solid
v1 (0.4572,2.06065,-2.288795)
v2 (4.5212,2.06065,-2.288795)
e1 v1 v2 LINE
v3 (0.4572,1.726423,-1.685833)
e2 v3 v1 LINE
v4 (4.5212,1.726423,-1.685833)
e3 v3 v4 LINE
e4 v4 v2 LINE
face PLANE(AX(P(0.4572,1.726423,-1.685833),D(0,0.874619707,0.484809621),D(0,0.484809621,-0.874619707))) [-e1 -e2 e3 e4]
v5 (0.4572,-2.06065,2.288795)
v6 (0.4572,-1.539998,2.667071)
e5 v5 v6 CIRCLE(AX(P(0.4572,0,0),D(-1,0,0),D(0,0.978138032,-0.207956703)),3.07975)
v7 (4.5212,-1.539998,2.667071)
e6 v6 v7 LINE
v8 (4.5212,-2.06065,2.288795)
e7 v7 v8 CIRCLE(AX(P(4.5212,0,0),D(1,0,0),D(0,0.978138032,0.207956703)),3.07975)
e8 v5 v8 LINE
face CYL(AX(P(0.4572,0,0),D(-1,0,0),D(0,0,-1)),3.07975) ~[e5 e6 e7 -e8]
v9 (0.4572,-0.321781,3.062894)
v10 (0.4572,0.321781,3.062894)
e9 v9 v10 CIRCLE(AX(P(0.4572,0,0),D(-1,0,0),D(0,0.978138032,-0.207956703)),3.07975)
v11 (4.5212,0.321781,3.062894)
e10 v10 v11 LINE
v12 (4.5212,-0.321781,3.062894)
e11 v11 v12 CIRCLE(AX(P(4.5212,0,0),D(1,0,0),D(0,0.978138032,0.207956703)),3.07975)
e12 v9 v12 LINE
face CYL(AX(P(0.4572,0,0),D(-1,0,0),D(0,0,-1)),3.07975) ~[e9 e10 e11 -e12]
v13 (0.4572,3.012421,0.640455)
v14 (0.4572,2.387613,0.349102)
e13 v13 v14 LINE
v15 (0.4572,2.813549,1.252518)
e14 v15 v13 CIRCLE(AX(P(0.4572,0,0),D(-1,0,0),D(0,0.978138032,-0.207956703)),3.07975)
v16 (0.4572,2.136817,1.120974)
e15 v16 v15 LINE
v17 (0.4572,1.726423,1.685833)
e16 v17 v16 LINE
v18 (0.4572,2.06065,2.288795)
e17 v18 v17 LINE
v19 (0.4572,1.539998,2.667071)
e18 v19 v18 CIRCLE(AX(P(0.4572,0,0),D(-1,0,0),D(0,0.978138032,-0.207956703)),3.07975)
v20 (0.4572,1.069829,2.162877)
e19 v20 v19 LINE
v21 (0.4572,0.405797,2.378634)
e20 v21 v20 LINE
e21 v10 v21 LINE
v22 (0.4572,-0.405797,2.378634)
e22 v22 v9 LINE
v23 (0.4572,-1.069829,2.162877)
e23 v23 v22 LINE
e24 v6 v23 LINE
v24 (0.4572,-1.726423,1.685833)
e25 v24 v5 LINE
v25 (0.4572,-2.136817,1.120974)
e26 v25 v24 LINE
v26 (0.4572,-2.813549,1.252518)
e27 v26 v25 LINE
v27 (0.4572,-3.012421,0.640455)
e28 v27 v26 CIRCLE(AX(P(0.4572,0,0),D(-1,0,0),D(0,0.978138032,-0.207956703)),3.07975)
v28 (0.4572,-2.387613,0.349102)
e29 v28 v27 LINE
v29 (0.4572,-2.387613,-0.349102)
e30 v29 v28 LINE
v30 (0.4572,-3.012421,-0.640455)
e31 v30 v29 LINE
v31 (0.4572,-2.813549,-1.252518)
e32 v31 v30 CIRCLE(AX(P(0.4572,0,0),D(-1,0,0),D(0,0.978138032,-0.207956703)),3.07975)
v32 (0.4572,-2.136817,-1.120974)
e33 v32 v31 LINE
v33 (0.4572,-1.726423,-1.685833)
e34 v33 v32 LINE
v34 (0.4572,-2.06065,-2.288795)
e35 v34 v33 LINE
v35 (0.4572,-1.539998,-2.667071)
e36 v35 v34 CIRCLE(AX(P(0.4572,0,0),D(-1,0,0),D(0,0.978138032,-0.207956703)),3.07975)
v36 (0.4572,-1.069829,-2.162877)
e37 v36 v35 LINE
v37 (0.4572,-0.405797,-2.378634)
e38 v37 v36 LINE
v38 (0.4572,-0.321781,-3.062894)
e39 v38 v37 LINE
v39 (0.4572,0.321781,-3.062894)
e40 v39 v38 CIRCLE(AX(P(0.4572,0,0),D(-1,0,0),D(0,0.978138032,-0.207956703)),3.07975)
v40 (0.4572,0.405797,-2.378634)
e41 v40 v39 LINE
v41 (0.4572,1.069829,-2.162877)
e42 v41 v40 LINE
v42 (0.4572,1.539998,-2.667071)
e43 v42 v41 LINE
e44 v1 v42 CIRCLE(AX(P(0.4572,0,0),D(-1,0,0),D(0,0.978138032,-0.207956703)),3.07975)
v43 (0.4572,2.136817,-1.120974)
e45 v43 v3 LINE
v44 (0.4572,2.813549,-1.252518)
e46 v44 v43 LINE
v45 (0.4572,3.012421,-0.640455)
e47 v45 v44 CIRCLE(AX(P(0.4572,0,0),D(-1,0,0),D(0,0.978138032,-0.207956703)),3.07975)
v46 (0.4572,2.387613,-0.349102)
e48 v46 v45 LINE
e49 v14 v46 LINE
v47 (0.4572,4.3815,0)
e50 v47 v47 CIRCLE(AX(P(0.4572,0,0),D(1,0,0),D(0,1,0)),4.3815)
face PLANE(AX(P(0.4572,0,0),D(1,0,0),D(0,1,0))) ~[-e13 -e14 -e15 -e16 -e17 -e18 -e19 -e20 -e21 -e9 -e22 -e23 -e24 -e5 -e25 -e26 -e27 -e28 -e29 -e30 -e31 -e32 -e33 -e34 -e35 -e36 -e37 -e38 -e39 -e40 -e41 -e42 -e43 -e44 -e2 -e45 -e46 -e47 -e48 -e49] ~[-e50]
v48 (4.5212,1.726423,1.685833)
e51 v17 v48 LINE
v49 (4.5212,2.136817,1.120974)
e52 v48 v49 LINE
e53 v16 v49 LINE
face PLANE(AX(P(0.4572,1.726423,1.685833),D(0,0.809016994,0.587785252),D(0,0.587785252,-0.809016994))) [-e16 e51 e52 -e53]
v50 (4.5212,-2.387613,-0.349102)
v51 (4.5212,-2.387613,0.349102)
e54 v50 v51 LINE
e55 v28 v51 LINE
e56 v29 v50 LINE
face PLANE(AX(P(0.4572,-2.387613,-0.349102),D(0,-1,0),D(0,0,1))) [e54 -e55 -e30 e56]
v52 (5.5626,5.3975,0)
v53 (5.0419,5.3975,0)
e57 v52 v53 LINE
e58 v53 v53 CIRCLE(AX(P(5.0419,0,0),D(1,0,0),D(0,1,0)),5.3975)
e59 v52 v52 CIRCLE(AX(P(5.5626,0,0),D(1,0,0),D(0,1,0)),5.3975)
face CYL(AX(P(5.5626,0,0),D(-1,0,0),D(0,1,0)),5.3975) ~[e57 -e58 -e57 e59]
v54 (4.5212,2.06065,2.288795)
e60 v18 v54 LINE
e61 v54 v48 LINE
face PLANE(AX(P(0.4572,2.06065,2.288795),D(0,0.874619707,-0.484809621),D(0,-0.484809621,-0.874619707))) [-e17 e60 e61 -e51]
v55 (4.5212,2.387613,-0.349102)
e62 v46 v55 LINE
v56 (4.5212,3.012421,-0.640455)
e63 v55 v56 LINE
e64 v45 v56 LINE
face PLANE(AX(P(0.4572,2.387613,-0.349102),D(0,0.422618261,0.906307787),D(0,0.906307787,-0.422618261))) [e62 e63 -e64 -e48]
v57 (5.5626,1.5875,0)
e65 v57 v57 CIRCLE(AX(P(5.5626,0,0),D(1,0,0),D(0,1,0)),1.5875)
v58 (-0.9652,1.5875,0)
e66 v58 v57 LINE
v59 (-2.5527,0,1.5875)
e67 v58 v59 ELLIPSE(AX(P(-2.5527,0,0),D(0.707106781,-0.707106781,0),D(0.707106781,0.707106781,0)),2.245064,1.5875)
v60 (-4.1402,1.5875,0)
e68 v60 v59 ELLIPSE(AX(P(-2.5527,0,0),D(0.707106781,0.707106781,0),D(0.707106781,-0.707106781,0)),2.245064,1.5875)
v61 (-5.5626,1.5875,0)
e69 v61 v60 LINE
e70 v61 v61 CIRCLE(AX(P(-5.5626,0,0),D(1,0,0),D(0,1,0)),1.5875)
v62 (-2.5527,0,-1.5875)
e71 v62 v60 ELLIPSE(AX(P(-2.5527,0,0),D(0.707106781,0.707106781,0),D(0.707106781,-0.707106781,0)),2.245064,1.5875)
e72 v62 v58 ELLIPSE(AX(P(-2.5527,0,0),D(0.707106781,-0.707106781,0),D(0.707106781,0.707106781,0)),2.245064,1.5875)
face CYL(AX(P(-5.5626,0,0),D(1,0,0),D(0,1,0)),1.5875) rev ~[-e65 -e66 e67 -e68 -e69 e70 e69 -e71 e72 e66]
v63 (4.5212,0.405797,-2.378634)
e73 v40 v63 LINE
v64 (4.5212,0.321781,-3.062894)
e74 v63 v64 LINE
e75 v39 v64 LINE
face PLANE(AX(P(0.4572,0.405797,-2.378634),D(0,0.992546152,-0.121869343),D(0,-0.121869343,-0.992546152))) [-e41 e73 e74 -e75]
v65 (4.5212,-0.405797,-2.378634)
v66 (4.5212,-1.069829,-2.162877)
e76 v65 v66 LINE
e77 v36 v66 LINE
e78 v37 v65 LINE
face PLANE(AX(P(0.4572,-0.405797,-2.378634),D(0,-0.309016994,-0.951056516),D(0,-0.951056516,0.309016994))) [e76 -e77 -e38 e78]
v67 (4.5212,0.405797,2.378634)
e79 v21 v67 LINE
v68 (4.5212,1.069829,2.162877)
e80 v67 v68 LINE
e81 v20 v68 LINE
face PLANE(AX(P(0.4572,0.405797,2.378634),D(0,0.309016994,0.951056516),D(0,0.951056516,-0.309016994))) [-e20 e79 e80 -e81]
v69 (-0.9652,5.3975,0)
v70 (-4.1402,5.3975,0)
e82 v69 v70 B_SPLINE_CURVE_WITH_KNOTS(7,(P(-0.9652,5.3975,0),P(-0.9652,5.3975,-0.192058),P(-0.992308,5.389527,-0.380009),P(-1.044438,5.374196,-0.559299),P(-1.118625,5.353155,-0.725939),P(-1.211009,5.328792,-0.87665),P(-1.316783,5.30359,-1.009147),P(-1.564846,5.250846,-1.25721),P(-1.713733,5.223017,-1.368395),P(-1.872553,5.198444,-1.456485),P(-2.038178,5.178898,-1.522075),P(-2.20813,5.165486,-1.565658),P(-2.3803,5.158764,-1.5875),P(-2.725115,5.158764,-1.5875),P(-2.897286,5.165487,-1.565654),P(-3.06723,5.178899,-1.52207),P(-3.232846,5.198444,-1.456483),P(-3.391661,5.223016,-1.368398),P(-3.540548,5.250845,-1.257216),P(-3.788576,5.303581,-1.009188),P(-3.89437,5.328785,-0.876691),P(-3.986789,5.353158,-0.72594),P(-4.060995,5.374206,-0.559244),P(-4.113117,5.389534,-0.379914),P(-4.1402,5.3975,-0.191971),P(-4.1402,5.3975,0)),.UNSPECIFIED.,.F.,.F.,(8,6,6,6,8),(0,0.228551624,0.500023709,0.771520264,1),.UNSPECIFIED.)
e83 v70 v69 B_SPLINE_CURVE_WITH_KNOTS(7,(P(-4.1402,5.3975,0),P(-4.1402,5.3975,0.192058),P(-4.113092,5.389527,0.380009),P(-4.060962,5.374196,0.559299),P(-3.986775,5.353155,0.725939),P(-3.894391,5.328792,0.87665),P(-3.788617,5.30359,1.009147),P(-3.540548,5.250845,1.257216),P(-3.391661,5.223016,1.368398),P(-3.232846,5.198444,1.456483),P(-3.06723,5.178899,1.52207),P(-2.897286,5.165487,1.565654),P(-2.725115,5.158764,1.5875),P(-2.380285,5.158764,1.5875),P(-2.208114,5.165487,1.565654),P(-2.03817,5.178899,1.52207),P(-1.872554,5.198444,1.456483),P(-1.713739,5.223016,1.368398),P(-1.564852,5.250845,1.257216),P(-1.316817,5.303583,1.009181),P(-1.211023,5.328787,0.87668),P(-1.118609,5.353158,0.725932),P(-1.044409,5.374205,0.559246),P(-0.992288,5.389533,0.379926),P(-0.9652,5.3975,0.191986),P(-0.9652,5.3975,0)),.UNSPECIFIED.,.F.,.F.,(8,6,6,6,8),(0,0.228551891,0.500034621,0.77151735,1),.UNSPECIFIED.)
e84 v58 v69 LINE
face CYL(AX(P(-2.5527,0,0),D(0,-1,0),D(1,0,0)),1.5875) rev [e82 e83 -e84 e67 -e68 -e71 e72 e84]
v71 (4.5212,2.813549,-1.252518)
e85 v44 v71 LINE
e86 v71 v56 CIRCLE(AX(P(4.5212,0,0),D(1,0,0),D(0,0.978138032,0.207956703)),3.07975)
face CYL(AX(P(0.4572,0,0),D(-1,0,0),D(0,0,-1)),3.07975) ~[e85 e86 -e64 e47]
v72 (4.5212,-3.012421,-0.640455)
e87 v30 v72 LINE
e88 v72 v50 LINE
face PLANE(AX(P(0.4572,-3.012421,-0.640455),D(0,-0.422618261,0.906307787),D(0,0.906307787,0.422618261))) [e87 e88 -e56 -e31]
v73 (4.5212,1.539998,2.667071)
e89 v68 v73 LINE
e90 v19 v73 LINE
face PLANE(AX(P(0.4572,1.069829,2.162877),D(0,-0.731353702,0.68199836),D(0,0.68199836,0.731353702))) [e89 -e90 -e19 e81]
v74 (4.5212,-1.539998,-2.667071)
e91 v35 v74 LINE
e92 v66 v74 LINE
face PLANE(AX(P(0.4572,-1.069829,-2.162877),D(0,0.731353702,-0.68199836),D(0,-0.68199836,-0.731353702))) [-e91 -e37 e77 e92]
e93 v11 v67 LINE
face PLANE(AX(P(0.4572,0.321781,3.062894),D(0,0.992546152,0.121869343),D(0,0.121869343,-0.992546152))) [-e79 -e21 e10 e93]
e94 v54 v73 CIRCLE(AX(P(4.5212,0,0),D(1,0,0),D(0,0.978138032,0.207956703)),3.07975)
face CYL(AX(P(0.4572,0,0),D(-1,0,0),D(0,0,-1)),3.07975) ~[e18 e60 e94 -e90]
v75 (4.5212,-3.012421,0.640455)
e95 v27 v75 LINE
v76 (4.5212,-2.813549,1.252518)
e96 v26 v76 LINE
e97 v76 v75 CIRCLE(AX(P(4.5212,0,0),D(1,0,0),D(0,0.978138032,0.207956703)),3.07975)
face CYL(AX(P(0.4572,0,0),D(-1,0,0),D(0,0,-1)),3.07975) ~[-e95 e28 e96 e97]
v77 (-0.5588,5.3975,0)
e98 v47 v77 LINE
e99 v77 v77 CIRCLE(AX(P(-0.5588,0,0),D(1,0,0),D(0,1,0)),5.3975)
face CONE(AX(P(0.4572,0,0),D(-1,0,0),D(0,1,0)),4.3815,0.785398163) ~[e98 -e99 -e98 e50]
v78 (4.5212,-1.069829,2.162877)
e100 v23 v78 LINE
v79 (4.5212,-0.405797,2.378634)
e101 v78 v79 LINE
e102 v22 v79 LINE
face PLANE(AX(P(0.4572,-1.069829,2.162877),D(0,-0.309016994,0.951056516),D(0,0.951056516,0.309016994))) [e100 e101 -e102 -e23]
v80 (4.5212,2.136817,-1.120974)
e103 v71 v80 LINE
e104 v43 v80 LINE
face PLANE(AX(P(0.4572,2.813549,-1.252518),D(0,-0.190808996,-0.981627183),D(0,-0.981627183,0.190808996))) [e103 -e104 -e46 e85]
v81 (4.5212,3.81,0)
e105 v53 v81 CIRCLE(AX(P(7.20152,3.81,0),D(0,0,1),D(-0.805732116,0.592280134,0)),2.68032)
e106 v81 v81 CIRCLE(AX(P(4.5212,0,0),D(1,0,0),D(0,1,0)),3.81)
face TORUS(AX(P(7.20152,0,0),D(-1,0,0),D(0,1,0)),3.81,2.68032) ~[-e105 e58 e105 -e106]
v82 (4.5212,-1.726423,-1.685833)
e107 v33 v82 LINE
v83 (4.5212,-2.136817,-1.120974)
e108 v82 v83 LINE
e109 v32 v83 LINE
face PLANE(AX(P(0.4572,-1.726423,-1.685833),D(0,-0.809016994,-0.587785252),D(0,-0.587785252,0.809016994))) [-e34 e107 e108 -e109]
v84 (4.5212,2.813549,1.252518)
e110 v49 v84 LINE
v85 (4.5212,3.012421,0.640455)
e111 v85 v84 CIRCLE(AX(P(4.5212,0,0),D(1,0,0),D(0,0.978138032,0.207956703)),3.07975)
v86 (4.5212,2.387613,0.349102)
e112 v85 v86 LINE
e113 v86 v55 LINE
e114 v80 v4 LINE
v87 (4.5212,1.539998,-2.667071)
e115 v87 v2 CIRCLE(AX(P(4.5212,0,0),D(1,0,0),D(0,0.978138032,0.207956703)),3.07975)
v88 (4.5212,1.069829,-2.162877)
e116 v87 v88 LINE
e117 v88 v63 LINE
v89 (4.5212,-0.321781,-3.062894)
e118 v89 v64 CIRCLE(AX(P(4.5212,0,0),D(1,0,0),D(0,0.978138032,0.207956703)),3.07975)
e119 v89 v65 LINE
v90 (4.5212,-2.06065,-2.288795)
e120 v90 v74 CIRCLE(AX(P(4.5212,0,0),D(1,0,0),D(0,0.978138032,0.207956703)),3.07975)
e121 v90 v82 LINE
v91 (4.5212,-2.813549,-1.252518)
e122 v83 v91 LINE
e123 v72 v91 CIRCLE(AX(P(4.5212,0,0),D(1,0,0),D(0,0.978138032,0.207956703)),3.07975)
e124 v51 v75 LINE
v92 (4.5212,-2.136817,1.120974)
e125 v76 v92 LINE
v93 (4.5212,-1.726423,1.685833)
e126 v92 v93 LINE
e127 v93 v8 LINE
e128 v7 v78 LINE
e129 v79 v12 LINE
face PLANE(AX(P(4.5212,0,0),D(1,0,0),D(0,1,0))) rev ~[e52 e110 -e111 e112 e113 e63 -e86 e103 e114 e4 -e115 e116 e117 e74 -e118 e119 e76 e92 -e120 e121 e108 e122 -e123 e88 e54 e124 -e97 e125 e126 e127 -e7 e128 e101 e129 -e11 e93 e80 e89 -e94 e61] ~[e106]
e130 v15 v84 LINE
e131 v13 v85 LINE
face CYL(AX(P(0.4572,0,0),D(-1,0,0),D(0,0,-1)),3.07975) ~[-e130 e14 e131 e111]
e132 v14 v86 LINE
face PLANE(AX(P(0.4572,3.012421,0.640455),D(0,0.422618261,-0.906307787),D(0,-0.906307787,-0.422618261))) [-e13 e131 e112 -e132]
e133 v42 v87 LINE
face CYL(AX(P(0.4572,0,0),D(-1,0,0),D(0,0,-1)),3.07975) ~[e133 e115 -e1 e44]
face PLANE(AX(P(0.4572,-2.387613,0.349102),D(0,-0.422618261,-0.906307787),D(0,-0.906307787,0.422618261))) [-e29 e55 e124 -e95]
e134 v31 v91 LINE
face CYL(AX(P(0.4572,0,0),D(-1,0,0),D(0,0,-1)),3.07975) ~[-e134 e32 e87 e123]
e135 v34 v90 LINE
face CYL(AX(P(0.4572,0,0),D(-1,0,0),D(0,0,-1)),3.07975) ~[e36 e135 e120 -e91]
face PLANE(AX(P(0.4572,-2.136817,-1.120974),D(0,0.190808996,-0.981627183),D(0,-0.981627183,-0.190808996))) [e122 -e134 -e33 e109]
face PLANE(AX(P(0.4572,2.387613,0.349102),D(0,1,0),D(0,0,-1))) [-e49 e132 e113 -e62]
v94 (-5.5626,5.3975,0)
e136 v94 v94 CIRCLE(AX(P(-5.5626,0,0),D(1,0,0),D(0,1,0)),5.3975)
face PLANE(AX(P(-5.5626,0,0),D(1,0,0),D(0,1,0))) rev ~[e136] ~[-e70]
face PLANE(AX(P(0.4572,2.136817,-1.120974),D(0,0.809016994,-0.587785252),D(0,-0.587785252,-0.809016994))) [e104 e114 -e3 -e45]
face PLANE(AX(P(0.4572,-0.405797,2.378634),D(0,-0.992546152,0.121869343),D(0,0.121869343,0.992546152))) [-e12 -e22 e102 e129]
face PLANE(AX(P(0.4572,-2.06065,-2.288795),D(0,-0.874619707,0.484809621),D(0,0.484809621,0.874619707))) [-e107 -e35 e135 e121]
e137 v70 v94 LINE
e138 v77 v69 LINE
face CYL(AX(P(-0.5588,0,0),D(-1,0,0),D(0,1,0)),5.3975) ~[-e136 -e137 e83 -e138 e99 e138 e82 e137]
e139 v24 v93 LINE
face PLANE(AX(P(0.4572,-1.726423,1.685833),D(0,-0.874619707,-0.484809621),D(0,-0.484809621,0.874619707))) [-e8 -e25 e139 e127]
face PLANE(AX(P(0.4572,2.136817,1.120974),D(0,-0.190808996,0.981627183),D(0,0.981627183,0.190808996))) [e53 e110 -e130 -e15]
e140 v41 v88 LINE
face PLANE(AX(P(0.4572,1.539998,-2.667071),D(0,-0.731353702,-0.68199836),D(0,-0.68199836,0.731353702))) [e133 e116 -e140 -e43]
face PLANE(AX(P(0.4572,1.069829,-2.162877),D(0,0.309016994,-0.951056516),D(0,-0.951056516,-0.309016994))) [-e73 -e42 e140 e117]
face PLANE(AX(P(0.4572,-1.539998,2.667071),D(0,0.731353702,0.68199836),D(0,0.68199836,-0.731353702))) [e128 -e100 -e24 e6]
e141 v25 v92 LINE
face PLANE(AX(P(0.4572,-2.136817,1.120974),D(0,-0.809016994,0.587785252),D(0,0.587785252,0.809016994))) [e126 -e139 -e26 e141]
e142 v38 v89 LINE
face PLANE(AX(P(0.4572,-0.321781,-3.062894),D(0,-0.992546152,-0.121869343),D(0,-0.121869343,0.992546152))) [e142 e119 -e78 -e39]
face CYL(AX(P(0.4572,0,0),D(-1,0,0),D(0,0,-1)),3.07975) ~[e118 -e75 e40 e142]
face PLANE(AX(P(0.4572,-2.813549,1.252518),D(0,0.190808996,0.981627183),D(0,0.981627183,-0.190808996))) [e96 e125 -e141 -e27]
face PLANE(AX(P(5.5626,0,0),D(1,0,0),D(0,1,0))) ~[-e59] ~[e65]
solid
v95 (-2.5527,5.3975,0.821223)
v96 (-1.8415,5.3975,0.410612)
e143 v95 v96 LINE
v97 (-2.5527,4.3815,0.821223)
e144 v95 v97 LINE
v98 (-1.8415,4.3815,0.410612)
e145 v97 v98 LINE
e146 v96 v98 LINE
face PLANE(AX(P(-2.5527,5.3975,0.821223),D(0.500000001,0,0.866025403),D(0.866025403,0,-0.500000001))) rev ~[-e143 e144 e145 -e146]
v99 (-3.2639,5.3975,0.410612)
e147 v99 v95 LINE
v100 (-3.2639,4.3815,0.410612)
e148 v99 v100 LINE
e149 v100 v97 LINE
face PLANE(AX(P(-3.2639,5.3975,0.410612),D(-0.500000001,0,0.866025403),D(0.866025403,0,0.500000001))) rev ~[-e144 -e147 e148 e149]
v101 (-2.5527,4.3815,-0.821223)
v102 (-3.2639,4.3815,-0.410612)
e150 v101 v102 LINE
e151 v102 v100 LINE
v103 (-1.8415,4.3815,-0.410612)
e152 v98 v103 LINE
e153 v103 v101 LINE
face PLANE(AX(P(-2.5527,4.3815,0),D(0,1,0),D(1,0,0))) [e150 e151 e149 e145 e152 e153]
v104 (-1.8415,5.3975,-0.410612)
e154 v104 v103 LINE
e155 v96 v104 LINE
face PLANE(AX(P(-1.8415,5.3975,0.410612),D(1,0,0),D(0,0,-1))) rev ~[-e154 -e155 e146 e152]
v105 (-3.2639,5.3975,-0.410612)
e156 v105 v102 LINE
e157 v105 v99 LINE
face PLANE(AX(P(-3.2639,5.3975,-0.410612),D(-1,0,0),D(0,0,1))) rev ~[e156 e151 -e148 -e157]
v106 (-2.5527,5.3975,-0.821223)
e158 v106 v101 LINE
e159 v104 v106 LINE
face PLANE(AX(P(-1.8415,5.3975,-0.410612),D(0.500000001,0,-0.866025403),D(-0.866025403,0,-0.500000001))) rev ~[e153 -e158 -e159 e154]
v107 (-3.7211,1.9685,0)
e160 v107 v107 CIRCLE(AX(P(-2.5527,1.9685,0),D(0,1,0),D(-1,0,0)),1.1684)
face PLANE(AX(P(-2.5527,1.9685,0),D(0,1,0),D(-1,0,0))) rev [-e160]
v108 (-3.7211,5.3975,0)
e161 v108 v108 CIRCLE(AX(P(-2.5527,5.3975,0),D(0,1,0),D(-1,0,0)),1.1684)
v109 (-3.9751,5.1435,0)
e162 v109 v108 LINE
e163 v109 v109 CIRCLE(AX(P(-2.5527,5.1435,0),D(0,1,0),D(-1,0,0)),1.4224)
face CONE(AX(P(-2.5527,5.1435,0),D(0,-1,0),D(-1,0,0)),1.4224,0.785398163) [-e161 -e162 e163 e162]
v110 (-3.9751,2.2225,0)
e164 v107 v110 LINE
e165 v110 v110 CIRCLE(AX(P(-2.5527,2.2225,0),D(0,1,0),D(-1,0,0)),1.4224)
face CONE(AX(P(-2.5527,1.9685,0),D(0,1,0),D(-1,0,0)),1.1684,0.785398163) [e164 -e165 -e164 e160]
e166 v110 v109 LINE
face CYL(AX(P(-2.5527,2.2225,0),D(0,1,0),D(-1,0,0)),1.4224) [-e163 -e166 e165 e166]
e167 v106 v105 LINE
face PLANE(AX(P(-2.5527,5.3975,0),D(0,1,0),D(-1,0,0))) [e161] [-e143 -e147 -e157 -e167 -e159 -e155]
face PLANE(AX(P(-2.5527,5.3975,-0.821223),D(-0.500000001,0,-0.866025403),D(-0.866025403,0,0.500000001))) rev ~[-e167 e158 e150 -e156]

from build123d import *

# Parameters (mm, degrees)
SKETCH4_R          = 3.2385
SKETCH4_R_2        = 3.07975
CUT_EXTRUDE2_DEPTH = 4.064
CUT_EXTRUDE1_DEPTH = 4.064
CIRPATTERN1_COUNT  = 10
SKETCH6_R          = 1.5875
CUT_EXTRUDE3_DEPTH = 6.3975
CUT_EXTRUDE4_DEPTH = 1.016


with BuildPart() as part:
    # Sketch1 → Revolve1 (revolve)
    with BuildSketch(Plane.XY):
        with BuildLine():
            Line((-5.5626, 1.5875), (5.5626, 1.5875))
            Line((5.5626, 1.5875), (5.5626, 5.3975))
            Line((5.5626, 5.3975), (5.0419, 5.3975))
            ThreePointArc((5.0419, 5.3975), (4.654699632, 4.645356921), (4.5212, 3.81))
            Line((4.5212, 3.81), (4.5212, 3.2385))
            Line((4.5212, 3.2385), (0.4572, 3.2385))
            Line((0.4572, 3.2385), (0.4572, 4.3815))
            Line((0.4572, 4.3815), (-0.5588, 5.3975))
            Line((-0.5588, 5.3975), (-5.5626, 5.3975))
            Line((-5.5626, 5.3975), (-5.5626, 1.5875))
        make_face()
    revolve(axis=Axis((-5.5626, 0, 0), (1, 0, 0)))

    # Sketch4 → Cut-Extrude2 (cut)
    with BuildSketch(Plane(origin=(0.4572, 0, 0), x_dir=(0, 0, -1), z_dir=(1, 0, 0))):
        Circle(SKETCH4_R)
        Circle(SKETCH4_R_2, mode=Mode.SUBTRACT)
    extrude(amount=CUT_EXTRUDE2_DEPTH, mode=Mode.SUBTRACT)

    # Sketch3 → Cut-Extrude1 (cut)
    with BuildSketch(Plane(origin=(0.4572, 0, 0), x_dir=(0, 0, -1), z_dir=(1, 0, 0))):
        with BuildLine():
            Line((-0.640454656, 3.012420604), (-0.349102168, 2.387613176))
            Line((-0.349102168, 2.387613176), (0.349102168, 2.387613176))
            Line((0.349102168, 2.387613176), (0.640454656, 3.012420604))
            ThreePointArc((0.640454656, 3.012420604), (0, 3.07975), (-0.640454656, 3.012420604))
        make_face()
    cut_extrude1 = extrude(amount=CUT_EXTRUDE1_DEPTH, mode=Mode.SUBTRACT)

    # CirPattern1: Cut-Extrude1 ×10 about axis
    cirpattern1_axis = Axis((0, 0, 0), (1, 0, 0))
    for i in range(1, CIRPATTERN1_COUNT):
        add(cut_extrude1.rotate(cirpattern1_axis, i * 360 / CIRPATTERN1_COUNT), mode=Mode.SUBTRACT)

    # Sketch6 → Cut-Extrude3 (cut, through all)
    with BuildSketch(Plane(origin=(0, 0, 0), x_dir=(1, 0, 0), z_dir=(0, 1, 0))):
        with Locations((-2.5527, 0)):
            Circle(SKETCH6_R)
    extrude(amount=CUT_EXTRUDE3_DEPTH, mode=Mode.SUBTRACT)


with BuildPart() as body_2:
    # Sketch7 → Revolve2 (revolve)
    with BuildSketch(Plane.XY):
        Polygon((-3.7211, 5.3975), (-2.5527, 5.3975), (-2.5527, 1.9685), (-3.7211, 1.9685), (-3.9751, 2.2225), (-3.9751, 5.1435), align=None)
    revolve(axis=Axis((-2.5527, 1.9685, 0), (0, 1, 0)))

    # Sketch8 → Cut-Extrude4 (cut)
    with BuildSketch(Plane(origin=(0, 5.3975, 0), x_dir=(1, 0, 0), z_dir=(0, 1, 0))):
        Polygon((-2.5527, 0.821223023), (-3.2639, 0.410611511), (-3.2639, -0.410611511), (-2.5527, -0.821223023), (-1.8415, -0.410611511), (-1.8415, 0.410611511), align=None)
    extrude(amount=-CUT_EXTRUDE4_DEPTH, mode=Mode.SUBTRACT)


solid = Compound([part.part, body_2.part])
